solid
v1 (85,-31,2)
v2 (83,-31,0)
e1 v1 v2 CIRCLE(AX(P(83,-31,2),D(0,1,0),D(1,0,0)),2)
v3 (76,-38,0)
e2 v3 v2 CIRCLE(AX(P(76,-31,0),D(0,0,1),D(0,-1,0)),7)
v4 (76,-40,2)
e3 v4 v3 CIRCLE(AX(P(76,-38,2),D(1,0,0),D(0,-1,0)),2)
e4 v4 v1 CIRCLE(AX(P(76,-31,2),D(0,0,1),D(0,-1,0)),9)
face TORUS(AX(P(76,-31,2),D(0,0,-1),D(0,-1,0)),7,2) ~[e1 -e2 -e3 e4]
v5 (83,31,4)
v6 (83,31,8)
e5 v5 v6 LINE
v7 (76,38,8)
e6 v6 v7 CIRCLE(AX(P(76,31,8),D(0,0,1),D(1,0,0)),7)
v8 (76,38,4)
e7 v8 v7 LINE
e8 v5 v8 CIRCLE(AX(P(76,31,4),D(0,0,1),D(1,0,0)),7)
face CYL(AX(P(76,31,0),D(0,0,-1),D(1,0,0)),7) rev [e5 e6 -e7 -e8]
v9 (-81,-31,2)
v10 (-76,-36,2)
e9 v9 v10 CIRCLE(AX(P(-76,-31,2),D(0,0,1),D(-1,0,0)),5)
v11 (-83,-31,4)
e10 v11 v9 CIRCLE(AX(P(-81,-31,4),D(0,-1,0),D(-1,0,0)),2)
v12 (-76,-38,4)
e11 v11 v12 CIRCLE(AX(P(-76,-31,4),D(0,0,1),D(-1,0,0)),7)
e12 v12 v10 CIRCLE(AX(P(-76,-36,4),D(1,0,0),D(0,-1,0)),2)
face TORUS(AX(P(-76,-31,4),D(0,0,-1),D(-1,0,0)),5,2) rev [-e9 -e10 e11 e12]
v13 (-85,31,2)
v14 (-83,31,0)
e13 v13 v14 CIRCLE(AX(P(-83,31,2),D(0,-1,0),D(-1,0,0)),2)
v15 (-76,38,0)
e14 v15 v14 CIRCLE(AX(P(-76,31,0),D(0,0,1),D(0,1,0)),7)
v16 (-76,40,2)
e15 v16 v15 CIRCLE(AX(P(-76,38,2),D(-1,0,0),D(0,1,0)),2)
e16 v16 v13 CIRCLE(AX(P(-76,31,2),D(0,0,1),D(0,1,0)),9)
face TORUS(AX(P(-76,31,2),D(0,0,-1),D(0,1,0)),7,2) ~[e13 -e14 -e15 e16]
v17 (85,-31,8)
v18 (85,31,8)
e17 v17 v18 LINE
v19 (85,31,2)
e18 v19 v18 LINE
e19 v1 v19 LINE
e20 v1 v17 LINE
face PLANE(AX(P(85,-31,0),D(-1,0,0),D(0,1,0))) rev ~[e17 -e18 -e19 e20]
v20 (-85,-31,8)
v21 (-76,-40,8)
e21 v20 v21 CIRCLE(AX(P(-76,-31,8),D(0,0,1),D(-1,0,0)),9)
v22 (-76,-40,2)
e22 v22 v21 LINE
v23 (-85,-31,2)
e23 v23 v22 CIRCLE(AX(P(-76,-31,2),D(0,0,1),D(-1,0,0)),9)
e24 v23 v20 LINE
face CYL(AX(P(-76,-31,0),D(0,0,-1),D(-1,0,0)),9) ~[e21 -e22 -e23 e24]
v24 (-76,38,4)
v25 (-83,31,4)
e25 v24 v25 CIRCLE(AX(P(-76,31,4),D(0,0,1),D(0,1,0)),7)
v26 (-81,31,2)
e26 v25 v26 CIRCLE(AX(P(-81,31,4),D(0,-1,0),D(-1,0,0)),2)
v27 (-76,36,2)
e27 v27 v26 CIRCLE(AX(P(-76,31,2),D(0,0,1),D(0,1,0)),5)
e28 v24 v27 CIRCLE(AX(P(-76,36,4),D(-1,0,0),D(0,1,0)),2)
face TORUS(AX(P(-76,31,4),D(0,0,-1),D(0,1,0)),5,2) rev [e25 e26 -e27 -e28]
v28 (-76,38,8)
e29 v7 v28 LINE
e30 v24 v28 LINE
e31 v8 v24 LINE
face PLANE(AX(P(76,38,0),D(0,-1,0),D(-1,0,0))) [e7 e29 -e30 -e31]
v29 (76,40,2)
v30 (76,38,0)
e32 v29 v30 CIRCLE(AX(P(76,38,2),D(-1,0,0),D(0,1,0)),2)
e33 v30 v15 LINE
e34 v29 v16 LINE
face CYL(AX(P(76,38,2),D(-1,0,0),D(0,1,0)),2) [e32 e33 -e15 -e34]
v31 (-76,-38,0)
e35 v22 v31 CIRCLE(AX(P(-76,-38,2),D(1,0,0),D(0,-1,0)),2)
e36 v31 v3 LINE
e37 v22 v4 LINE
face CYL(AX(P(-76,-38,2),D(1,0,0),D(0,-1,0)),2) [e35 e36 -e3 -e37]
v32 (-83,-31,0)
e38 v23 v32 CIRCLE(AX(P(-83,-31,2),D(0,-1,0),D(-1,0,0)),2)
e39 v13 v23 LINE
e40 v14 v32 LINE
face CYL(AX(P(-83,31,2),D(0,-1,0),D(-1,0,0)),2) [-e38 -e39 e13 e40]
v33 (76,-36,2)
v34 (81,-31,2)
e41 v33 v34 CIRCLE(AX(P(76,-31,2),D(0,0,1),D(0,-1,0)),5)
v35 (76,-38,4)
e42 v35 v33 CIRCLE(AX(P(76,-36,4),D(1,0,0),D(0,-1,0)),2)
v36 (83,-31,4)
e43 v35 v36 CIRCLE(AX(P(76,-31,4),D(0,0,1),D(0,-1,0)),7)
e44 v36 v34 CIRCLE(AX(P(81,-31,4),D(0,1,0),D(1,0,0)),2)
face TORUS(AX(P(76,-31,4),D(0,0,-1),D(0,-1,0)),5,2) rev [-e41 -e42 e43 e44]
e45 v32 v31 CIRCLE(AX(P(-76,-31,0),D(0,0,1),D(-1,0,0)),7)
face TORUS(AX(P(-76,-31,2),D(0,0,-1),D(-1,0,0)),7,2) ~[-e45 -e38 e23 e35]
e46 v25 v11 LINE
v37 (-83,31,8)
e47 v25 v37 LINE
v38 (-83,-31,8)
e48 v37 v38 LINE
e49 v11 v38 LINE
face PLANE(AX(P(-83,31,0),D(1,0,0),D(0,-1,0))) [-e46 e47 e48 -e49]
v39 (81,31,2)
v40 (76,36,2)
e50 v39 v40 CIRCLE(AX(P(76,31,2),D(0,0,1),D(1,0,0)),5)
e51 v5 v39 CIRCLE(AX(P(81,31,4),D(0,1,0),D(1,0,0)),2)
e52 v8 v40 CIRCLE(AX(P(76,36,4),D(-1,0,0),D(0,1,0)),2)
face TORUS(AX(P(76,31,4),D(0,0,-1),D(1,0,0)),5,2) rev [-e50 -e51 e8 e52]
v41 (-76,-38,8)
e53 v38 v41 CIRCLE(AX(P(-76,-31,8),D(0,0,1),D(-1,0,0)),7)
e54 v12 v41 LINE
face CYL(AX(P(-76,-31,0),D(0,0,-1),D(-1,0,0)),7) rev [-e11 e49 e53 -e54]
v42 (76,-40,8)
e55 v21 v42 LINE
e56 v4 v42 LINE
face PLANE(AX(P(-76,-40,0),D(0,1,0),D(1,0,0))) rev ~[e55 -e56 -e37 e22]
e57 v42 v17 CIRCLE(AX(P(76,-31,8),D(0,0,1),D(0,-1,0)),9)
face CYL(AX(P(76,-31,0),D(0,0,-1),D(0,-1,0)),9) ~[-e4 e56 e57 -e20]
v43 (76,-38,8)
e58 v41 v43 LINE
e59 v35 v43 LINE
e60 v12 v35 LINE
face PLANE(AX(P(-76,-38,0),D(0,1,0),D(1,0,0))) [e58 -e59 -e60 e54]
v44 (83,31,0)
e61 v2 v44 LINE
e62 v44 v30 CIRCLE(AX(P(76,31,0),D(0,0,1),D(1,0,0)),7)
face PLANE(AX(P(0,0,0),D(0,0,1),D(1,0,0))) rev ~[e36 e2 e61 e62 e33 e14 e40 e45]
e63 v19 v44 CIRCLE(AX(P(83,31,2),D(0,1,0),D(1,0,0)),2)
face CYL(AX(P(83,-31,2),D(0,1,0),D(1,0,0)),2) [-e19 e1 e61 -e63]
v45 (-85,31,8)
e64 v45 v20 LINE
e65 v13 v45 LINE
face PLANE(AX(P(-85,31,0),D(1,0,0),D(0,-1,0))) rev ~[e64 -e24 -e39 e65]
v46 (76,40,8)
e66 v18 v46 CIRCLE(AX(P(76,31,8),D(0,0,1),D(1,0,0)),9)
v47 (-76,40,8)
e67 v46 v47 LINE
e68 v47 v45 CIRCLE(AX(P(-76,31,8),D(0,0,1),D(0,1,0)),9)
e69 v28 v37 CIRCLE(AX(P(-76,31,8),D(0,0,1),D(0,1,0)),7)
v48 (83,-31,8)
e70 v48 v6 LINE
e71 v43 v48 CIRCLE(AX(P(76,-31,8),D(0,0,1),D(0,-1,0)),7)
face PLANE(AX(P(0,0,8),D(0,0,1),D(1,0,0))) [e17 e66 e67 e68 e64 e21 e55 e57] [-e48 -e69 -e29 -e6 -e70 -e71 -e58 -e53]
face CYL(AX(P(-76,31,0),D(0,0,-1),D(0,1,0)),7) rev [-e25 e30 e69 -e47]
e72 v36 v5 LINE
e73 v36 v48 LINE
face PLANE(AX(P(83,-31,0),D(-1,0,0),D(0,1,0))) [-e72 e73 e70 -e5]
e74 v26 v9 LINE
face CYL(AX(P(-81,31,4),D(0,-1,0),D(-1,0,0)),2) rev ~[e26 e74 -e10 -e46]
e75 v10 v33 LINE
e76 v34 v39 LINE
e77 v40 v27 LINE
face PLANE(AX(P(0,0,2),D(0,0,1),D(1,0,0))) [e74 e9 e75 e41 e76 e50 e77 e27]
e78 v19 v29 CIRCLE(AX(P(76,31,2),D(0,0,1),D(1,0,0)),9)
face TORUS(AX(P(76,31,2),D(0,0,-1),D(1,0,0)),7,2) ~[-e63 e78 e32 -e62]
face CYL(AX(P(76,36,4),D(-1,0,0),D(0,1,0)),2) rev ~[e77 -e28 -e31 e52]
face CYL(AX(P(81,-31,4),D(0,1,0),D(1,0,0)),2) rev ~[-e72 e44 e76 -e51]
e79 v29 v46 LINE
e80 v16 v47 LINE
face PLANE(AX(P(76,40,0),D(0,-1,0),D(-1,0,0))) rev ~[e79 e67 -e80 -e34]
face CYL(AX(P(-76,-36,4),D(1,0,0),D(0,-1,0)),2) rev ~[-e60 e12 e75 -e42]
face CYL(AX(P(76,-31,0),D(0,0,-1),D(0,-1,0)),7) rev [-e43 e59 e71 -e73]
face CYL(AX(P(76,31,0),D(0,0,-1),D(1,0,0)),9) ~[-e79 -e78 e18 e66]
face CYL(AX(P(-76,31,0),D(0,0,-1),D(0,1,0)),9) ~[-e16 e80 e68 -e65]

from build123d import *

# Parameters (mm, degrees)
F1_DEPTH = 8
F2_T     = -2
F3_R     = 2
F4_R     = 2


with BuildPart() as f1:
    # F0 (on Top) → F1 (new body)
    with BuildSketch(Plane.XY):
        with BuildLine():
            ThreePointArc((-85, -31), (-82.3639610307, -37.3639610307), (-76, -40))
            Line((-76, -40), (76, -40))
            ThreePointArc((76, -40), (82.3639610307, -37.3639610307), (85, -31))
            Line((85, -31), (85, 31))
            ThreePointArc((85, 31), (82.3639610307, 37.3639610307), (76, 40))
            Line((76, 40), (-76, 40))
            ThreePointArc((-76, 40), (-82.3639610307, 37.3639610307), (-85, 31))
            Line((-85, 31), (-85, -31))
        make_face()
    extrude(amount=F1_DEPTH)

    # F2
    f2_openings = [f1.faces().sort_by_distance(p)[0] for p in [
        (0, 0, 8),
    ]]
    offset(amount=F2_T, openings=f2_openings)

    # F3
    f3_edges = [f1.edges().sort_by_distance(p)[0] for p in [
        (0, 38, 2),
    ]]
    fillet(f3_edges, radius=F3_R)

    # F4
    f4_edges = [f1.edges().sort_by_distance(p)[0] for p in [
        (0, -40, 0),
    ]]
    fillet(f4_edges, radius=F4_R)


solid = f1.part
